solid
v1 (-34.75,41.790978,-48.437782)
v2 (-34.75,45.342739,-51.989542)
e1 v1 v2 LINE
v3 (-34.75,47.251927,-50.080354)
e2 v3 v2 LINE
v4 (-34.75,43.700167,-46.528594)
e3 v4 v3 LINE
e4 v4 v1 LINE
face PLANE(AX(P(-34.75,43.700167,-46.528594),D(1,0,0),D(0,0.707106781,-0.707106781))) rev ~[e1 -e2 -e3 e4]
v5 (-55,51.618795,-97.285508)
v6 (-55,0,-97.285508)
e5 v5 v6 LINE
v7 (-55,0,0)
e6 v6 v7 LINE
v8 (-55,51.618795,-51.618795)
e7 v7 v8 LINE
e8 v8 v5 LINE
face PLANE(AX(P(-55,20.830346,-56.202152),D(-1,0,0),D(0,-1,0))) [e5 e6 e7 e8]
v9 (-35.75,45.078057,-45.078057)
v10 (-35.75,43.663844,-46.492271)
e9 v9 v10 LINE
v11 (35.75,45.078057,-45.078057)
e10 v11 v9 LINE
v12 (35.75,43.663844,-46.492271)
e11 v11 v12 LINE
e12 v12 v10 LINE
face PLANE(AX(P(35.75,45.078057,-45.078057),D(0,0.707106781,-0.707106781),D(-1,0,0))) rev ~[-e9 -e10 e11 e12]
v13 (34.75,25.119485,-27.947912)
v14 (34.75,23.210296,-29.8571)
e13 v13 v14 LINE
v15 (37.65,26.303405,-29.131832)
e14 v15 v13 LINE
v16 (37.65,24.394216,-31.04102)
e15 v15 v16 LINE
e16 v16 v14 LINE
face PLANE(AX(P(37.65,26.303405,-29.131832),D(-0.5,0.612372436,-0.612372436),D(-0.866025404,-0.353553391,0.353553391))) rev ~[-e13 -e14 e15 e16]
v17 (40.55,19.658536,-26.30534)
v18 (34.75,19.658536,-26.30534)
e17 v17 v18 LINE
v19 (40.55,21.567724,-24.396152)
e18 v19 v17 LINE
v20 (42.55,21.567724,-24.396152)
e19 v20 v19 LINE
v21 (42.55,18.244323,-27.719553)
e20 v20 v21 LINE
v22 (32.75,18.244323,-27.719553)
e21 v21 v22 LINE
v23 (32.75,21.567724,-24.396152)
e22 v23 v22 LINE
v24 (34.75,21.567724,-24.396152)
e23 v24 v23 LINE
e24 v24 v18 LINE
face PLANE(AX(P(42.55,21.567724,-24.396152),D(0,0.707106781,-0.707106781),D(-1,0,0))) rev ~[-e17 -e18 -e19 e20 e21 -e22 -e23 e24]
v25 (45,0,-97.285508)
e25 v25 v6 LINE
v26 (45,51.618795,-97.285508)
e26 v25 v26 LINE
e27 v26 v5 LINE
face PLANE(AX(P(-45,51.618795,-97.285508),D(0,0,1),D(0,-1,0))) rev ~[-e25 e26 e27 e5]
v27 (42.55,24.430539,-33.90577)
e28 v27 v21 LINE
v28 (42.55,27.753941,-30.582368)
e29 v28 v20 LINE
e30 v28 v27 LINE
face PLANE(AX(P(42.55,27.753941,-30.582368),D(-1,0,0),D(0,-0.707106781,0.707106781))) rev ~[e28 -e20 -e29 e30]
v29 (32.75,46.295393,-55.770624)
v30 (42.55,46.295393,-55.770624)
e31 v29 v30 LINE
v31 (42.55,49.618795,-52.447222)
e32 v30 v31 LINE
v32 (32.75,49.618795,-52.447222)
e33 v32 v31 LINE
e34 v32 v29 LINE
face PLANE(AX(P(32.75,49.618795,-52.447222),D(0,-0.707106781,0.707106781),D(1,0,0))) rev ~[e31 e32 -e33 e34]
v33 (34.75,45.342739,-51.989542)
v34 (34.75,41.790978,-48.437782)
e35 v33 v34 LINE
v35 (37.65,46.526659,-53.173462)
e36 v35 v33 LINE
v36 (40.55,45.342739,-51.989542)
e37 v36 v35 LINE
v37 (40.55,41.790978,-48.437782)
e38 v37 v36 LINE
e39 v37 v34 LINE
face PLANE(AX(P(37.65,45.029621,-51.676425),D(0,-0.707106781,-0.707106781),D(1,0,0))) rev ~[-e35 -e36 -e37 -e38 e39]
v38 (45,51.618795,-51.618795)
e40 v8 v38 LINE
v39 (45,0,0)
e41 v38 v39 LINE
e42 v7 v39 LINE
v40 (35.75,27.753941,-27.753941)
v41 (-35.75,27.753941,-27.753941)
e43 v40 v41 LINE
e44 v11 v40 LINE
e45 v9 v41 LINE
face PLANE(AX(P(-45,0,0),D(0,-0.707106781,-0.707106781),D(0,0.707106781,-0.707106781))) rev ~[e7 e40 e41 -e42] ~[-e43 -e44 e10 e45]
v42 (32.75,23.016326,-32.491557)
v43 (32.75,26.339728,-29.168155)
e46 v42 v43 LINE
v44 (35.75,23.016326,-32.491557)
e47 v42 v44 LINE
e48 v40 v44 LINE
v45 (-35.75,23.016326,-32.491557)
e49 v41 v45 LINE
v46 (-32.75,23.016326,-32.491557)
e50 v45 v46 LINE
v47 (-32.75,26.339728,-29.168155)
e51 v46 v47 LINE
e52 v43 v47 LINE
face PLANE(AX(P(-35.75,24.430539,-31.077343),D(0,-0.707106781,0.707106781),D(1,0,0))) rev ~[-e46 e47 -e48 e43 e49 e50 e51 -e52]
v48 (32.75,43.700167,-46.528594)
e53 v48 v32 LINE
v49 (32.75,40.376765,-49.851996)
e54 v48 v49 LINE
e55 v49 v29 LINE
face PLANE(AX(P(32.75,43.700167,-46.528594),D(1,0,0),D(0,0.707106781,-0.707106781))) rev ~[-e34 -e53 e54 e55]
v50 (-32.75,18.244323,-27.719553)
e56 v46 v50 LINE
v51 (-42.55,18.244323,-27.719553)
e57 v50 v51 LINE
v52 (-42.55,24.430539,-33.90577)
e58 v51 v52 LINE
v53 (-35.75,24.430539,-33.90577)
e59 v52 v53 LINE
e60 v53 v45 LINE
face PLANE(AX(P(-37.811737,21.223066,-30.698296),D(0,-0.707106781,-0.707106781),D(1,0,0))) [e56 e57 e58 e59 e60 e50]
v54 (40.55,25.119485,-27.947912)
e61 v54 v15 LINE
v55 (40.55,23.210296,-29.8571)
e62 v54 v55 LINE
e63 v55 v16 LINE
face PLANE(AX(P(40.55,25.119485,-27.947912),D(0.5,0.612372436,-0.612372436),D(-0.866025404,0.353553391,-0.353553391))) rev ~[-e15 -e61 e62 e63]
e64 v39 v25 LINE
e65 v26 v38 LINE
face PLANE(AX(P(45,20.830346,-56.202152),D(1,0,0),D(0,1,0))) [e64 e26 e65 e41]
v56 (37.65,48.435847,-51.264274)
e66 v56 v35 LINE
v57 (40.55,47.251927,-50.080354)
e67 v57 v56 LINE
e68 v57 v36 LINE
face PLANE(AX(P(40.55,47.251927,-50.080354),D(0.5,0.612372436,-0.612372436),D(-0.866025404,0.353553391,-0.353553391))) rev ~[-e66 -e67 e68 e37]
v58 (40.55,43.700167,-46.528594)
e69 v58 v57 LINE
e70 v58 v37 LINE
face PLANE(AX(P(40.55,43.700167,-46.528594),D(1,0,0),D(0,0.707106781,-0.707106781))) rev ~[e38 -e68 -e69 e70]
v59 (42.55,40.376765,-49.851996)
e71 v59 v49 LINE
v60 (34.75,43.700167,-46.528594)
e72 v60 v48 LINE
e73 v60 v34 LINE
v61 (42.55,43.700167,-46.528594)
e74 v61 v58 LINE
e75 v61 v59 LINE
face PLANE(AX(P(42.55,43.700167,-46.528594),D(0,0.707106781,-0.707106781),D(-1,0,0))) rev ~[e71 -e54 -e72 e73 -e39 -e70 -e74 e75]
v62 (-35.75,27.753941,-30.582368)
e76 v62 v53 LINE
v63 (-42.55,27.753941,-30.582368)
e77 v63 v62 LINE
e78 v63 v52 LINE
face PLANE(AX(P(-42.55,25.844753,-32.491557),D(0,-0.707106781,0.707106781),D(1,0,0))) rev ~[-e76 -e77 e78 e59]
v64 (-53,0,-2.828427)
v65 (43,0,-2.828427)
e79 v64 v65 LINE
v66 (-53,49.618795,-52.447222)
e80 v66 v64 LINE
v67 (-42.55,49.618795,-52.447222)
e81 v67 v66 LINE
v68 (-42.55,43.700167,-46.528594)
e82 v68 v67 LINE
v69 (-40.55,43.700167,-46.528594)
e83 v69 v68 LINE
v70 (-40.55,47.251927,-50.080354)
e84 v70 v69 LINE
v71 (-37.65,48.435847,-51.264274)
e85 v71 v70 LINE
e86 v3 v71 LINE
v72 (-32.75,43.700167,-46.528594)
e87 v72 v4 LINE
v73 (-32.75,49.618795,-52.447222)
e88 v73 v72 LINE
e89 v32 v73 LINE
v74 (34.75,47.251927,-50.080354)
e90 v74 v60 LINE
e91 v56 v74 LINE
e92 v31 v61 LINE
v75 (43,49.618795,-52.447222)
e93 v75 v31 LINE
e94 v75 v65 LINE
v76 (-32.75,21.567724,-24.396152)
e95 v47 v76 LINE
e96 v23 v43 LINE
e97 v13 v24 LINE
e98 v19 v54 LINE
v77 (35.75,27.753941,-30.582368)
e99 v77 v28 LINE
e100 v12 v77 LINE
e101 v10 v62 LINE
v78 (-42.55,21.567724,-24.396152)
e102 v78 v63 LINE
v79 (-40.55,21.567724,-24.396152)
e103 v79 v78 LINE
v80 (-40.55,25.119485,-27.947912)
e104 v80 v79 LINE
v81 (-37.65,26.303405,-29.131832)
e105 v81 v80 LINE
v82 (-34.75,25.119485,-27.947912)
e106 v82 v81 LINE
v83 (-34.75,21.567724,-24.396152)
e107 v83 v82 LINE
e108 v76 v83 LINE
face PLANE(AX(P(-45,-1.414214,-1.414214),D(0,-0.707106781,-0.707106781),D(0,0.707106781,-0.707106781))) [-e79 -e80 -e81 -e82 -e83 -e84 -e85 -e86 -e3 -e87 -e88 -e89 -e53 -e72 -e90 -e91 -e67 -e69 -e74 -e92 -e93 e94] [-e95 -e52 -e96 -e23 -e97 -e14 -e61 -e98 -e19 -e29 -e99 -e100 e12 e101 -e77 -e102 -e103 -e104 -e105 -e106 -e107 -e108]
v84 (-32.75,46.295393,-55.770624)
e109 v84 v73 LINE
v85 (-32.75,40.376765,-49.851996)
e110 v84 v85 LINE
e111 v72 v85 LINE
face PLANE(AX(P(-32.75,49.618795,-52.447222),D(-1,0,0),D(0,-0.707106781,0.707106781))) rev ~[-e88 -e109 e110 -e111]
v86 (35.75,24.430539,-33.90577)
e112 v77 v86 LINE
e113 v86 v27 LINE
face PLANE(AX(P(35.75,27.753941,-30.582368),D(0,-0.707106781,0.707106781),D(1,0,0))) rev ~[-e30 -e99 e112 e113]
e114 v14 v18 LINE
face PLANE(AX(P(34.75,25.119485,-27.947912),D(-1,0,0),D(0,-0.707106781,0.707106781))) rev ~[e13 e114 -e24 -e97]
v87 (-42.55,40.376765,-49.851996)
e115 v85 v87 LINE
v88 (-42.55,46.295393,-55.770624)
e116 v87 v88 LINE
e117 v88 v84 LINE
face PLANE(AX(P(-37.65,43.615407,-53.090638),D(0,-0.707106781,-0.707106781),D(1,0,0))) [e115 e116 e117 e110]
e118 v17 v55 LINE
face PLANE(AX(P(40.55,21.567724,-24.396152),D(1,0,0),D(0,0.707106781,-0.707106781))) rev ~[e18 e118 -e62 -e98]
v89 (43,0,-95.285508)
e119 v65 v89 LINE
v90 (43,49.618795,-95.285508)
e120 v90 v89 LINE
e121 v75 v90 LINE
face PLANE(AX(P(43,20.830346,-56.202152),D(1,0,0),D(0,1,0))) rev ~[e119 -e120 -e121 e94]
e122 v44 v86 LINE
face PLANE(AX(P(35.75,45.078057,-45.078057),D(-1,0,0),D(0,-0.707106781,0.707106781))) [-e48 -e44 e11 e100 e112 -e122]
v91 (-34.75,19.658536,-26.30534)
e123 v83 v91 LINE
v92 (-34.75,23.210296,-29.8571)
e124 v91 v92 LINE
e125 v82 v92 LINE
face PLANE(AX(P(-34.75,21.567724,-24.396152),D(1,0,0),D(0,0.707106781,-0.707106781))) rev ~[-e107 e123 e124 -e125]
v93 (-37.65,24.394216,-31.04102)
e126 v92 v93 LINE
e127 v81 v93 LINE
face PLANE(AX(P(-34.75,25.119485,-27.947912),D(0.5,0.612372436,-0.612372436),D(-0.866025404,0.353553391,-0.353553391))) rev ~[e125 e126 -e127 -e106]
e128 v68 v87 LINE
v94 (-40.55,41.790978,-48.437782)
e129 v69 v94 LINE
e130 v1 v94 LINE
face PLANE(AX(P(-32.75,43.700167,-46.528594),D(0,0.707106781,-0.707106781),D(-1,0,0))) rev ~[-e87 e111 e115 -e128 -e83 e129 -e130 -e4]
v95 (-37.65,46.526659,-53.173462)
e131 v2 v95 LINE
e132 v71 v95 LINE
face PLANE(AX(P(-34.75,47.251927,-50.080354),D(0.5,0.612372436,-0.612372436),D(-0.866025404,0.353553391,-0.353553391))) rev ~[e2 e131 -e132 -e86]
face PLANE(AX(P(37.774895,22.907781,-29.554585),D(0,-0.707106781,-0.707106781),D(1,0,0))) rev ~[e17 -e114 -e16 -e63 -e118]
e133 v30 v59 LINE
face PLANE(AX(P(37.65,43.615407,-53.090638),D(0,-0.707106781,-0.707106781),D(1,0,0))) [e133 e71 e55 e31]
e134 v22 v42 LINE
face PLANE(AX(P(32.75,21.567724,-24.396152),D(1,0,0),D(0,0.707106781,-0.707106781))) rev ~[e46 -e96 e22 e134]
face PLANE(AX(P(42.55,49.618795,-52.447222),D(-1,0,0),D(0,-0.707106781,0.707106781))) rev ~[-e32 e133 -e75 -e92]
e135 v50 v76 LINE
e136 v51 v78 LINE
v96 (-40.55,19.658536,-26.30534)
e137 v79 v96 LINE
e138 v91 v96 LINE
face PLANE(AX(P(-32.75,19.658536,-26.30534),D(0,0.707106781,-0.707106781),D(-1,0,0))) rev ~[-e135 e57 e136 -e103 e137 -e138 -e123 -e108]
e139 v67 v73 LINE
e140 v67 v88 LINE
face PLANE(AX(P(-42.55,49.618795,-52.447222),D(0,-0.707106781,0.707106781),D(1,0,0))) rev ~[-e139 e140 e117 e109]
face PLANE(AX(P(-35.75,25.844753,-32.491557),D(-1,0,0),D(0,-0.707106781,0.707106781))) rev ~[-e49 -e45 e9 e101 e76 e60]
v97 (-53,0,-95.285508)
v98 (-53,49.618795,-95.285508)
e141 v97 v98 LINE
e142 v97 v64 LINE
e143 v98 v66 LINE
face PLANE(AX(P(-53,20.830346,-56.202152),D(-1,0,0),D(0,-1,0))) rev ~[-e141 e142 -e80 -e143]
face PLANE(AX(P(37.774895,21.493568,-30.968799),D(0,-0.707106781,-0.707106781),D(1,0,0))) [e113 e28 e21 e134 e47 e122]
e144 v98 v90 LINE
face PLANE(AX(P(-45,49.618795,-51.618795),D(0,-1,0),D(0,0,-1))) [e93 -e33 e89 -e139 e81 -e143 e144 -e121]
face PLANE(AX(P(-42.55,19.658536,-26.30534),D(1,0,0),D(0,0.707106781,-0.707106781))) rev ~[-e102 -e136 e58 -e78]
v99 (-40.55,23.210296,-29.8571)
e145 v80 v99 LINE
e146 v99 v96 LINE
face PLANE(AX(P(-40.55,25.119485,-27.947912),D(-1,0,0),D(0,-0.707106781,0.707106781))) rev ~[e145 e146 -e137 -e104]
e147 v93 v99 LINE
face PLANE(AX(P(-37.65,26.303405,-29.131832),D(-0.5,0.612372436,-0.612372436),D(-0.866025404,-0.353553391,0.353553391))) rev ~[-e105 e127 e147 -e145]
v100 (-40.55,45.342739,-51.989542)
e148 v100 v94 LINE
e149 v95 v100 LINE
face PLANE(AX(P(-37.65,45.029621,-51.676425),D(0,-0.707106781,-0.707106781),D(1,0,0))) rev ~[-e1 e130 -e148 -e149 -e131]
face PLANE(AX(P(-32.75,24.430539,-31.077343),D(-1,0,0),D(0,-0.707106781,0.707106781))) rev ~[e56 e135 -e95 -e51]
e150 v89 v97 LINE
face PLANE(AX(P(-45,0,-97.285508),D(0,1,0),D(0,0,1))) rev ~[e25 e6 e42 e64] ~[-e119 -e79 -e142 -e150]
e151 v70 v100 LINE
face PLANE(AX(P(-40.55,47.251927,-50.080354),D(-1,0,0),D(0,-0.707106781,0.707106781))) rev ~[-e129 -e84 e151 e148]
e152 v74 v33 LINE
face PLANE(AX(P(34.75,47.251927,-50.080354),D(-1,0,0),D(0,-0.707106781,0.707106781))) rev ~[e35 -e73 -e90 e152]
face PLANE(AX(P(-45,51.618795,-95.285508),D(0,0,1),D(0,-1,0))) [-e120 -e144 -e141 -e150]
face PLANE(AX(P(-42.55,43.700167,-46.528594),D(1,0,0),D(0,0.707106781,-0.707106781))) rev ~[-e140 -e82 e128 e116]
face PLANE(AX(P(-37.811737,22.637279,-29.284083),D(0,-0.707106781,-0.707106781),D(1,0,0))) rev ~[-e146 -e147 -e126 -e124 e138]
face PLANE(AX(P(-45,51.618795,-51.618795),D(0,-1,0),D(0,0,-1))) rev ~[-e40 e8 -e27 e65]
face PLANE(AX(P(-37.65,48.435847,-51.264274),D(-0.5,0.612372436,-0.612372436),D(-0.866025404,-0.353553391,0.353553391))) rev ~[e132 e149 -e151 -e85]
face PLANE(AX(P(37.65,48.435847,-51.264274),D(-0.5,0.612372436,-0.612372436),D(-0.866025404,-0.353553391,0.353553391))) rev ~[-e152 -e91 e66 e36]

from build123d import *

# Parameters (mm, degrees)
F2_DEPTH  = 45
F4_DEPTH  = 10
F6_T      = -2
F5_W      = 71.5
F5_H      = 24.5
F7_DEPTH  = 2
F9_DEPTH  = 2.7
F11_DEPTH = 2


with BuildPart() as f2:
    # F1 (on Right) → F2 (new body, symmetric)
    with BuildSketch(Plane.YZ):
        Polygon((51.6187950266, -51.6187950266), (0, 0), (0, -97.2855082581), (51.6187950266, -97.2855082581), align=None)
    extrude(amount=F2_DEPTH, both=True)

    # F3 (on face) → F4 (join)
    with BuildSketch(Plane(origin=(-45, 0, 0), x_dir=(0, -1, 0), z_dir=(-1, 0, 0))):
        Polygon((-51.6187950266, -51.6187950266), (-51.6187950266, -97.2855082581), (0, -97.2855082581), (0, 0), align=None)
    extrude(amount=F4_DEPTH)

    # F6
    f6_openings = [f2.faces().sort_by_distance(p)[0] for p in [
        (-5, 0, -48.642754),
    ]]
    offset(amount=F6_T, openings=f6_openings)

    # F5 (on face) → F7 (cut, through all)
    with BuildSketch(Plane(origin=(0, 0, 0), x_dir=(-1, 0, 0), z_dir=(0, 0.7071067812, 0.7071067812))):
        with Locations((0, -51.5)):
            Rectangle(F5_W, F5_H)
    extrude(amount=-F7_DEPTH, mode=Mode.SUBTRACT)

    # F8 (on face) → F9 (join)
    with BuildSketch(Plane(origin=(0, -1.4142135624, -1.4142135624), x_dir=(1, 0, 0), z_dir=(0, -0.7071067812, -0.7071067812))):
        Polygon((-32.75, -63.8013684387), (-34.75, -63.8013684387), (-34.75, -65.4756842194), (-34.75, -68.8243157807), (-37.65, -70.4986315613), (-40.55, -68.8243157807), (-40.55, -65.4756842194), (-40.55, -63.8013684387), (-42.55, -63.8013684387), (-42.55, -72.1715728753), (-32.75, -72.1715728753), align=None)
        Polygon((-40.55, -32.5013684387), (-42.55, -32.5013684387), (-42.55, -39.25), (-42.55, -41.25), (-35.75, -41.25), (-35.75, -39.25), (-32.75, -39.25), (-32.75, -32.5013684387), (-34.75, -32.5013684387), (-34.75, -37.5243157807), (-37.65, -39.1986315613), (-40.55, -37.5243157807), align=None)
        Polygon((32.75, -32.5013684387), (32.75, -39.25), (35.75, -39.25), (35.75, -41.25), (42.55, -41.25), (42.55, -39.25), (42.55, -32.5013684387), (40.55, -32.5013684387), (40.55, -37.5243157807), (37.65, -39.1986315613), (34.75, -37.5243157807), (34.75, -32.5013684387), align=None)
        Polygon((34.75, -65.4756842194), (34.75, -63.8013684387), (32.75, -63.8013684387), (32.75, -72.1715728753), (42.55, -72.1715728753), (42.55, -63.8013684387), (40.55, -63.8013684387), (40.55, -65.4756842194), (40.55, -68.8243157807), (37.65, -70.4986315613), (34.75, -68.8243157807), align=None)
    extrude(amount=F9_DEPTH)

    # F10 (on face) → F11 (join)
    with BuildSketch(Plane(origin=(0, -3.3234018716, -3.3234018716), x_dir=(1, 0, 0), z_dir=(0, -0.7071067812, -0.7071067812))):
        Polygon((-42.55, -32.5013684387), (-42.55, -41.25), (-35.75, -41.25), (-35.75, -39.25), (-32.75, -39.25), (-32.75, -32.5013684387), align=None)
        Polygon((32.75, -39.25), (35.75, -39.25), (35.75, -41.25), (42.55, -41.25), (42.55, -32.5013684387), (40.55, -32.5013684387), (40.55, -37.5243157807), (37.65, -39.1986315613), (34.75, -37.5243157807), (34.75, -32.5013684387), (32.75, -32.5013684387), align=None)
        Polygon((40.55, -32.5013684387), (34.75, -32.5013684387), (34.75, -37.5243157807), (37.65, -39.1986315613), (40.55, -37.5243157807), align=None)
        Polygon((37.65, -70.4986315613), (34.75, -68.8243157807), (34.75, -63.8013684387), (32.75, -63.8013684387), (32.75, -72.1715728753), (42.55, -72.1715728753), (42.55, -63.8013684387), (40.55, -63.8013684387), (40.55, -68.8243157807), align=None)
        Polygon((34.75, -63.8013684387), (34.75, -68.8243157807), (37.65, -70.4986315613), (40.55, -68.8243157807), (40.55, -63.8013684387), align=None)
        Polygon((-42.55, -72.1715728753), (-32.75, -72.1715728753), (-32.75, -63.8013684387), (-34.75, -63.8013684387), (-34.75, -68.8243157807), (-37.65, -70.4986315613), (-40.55, -68.8243157807), (-40.55, -63.8013684387), (-42.55, -63.8013684387), align=None)
        Polygon((-34.75, -68.8243157807), (-34.75, -63.8013684387), (-40.55, -63.8013684387), (-40.55, -68.8243157807), (-37.65, -70.4986315613), align=None)
    extrude(amount=F11_DEPTH)


solid = f2.part
